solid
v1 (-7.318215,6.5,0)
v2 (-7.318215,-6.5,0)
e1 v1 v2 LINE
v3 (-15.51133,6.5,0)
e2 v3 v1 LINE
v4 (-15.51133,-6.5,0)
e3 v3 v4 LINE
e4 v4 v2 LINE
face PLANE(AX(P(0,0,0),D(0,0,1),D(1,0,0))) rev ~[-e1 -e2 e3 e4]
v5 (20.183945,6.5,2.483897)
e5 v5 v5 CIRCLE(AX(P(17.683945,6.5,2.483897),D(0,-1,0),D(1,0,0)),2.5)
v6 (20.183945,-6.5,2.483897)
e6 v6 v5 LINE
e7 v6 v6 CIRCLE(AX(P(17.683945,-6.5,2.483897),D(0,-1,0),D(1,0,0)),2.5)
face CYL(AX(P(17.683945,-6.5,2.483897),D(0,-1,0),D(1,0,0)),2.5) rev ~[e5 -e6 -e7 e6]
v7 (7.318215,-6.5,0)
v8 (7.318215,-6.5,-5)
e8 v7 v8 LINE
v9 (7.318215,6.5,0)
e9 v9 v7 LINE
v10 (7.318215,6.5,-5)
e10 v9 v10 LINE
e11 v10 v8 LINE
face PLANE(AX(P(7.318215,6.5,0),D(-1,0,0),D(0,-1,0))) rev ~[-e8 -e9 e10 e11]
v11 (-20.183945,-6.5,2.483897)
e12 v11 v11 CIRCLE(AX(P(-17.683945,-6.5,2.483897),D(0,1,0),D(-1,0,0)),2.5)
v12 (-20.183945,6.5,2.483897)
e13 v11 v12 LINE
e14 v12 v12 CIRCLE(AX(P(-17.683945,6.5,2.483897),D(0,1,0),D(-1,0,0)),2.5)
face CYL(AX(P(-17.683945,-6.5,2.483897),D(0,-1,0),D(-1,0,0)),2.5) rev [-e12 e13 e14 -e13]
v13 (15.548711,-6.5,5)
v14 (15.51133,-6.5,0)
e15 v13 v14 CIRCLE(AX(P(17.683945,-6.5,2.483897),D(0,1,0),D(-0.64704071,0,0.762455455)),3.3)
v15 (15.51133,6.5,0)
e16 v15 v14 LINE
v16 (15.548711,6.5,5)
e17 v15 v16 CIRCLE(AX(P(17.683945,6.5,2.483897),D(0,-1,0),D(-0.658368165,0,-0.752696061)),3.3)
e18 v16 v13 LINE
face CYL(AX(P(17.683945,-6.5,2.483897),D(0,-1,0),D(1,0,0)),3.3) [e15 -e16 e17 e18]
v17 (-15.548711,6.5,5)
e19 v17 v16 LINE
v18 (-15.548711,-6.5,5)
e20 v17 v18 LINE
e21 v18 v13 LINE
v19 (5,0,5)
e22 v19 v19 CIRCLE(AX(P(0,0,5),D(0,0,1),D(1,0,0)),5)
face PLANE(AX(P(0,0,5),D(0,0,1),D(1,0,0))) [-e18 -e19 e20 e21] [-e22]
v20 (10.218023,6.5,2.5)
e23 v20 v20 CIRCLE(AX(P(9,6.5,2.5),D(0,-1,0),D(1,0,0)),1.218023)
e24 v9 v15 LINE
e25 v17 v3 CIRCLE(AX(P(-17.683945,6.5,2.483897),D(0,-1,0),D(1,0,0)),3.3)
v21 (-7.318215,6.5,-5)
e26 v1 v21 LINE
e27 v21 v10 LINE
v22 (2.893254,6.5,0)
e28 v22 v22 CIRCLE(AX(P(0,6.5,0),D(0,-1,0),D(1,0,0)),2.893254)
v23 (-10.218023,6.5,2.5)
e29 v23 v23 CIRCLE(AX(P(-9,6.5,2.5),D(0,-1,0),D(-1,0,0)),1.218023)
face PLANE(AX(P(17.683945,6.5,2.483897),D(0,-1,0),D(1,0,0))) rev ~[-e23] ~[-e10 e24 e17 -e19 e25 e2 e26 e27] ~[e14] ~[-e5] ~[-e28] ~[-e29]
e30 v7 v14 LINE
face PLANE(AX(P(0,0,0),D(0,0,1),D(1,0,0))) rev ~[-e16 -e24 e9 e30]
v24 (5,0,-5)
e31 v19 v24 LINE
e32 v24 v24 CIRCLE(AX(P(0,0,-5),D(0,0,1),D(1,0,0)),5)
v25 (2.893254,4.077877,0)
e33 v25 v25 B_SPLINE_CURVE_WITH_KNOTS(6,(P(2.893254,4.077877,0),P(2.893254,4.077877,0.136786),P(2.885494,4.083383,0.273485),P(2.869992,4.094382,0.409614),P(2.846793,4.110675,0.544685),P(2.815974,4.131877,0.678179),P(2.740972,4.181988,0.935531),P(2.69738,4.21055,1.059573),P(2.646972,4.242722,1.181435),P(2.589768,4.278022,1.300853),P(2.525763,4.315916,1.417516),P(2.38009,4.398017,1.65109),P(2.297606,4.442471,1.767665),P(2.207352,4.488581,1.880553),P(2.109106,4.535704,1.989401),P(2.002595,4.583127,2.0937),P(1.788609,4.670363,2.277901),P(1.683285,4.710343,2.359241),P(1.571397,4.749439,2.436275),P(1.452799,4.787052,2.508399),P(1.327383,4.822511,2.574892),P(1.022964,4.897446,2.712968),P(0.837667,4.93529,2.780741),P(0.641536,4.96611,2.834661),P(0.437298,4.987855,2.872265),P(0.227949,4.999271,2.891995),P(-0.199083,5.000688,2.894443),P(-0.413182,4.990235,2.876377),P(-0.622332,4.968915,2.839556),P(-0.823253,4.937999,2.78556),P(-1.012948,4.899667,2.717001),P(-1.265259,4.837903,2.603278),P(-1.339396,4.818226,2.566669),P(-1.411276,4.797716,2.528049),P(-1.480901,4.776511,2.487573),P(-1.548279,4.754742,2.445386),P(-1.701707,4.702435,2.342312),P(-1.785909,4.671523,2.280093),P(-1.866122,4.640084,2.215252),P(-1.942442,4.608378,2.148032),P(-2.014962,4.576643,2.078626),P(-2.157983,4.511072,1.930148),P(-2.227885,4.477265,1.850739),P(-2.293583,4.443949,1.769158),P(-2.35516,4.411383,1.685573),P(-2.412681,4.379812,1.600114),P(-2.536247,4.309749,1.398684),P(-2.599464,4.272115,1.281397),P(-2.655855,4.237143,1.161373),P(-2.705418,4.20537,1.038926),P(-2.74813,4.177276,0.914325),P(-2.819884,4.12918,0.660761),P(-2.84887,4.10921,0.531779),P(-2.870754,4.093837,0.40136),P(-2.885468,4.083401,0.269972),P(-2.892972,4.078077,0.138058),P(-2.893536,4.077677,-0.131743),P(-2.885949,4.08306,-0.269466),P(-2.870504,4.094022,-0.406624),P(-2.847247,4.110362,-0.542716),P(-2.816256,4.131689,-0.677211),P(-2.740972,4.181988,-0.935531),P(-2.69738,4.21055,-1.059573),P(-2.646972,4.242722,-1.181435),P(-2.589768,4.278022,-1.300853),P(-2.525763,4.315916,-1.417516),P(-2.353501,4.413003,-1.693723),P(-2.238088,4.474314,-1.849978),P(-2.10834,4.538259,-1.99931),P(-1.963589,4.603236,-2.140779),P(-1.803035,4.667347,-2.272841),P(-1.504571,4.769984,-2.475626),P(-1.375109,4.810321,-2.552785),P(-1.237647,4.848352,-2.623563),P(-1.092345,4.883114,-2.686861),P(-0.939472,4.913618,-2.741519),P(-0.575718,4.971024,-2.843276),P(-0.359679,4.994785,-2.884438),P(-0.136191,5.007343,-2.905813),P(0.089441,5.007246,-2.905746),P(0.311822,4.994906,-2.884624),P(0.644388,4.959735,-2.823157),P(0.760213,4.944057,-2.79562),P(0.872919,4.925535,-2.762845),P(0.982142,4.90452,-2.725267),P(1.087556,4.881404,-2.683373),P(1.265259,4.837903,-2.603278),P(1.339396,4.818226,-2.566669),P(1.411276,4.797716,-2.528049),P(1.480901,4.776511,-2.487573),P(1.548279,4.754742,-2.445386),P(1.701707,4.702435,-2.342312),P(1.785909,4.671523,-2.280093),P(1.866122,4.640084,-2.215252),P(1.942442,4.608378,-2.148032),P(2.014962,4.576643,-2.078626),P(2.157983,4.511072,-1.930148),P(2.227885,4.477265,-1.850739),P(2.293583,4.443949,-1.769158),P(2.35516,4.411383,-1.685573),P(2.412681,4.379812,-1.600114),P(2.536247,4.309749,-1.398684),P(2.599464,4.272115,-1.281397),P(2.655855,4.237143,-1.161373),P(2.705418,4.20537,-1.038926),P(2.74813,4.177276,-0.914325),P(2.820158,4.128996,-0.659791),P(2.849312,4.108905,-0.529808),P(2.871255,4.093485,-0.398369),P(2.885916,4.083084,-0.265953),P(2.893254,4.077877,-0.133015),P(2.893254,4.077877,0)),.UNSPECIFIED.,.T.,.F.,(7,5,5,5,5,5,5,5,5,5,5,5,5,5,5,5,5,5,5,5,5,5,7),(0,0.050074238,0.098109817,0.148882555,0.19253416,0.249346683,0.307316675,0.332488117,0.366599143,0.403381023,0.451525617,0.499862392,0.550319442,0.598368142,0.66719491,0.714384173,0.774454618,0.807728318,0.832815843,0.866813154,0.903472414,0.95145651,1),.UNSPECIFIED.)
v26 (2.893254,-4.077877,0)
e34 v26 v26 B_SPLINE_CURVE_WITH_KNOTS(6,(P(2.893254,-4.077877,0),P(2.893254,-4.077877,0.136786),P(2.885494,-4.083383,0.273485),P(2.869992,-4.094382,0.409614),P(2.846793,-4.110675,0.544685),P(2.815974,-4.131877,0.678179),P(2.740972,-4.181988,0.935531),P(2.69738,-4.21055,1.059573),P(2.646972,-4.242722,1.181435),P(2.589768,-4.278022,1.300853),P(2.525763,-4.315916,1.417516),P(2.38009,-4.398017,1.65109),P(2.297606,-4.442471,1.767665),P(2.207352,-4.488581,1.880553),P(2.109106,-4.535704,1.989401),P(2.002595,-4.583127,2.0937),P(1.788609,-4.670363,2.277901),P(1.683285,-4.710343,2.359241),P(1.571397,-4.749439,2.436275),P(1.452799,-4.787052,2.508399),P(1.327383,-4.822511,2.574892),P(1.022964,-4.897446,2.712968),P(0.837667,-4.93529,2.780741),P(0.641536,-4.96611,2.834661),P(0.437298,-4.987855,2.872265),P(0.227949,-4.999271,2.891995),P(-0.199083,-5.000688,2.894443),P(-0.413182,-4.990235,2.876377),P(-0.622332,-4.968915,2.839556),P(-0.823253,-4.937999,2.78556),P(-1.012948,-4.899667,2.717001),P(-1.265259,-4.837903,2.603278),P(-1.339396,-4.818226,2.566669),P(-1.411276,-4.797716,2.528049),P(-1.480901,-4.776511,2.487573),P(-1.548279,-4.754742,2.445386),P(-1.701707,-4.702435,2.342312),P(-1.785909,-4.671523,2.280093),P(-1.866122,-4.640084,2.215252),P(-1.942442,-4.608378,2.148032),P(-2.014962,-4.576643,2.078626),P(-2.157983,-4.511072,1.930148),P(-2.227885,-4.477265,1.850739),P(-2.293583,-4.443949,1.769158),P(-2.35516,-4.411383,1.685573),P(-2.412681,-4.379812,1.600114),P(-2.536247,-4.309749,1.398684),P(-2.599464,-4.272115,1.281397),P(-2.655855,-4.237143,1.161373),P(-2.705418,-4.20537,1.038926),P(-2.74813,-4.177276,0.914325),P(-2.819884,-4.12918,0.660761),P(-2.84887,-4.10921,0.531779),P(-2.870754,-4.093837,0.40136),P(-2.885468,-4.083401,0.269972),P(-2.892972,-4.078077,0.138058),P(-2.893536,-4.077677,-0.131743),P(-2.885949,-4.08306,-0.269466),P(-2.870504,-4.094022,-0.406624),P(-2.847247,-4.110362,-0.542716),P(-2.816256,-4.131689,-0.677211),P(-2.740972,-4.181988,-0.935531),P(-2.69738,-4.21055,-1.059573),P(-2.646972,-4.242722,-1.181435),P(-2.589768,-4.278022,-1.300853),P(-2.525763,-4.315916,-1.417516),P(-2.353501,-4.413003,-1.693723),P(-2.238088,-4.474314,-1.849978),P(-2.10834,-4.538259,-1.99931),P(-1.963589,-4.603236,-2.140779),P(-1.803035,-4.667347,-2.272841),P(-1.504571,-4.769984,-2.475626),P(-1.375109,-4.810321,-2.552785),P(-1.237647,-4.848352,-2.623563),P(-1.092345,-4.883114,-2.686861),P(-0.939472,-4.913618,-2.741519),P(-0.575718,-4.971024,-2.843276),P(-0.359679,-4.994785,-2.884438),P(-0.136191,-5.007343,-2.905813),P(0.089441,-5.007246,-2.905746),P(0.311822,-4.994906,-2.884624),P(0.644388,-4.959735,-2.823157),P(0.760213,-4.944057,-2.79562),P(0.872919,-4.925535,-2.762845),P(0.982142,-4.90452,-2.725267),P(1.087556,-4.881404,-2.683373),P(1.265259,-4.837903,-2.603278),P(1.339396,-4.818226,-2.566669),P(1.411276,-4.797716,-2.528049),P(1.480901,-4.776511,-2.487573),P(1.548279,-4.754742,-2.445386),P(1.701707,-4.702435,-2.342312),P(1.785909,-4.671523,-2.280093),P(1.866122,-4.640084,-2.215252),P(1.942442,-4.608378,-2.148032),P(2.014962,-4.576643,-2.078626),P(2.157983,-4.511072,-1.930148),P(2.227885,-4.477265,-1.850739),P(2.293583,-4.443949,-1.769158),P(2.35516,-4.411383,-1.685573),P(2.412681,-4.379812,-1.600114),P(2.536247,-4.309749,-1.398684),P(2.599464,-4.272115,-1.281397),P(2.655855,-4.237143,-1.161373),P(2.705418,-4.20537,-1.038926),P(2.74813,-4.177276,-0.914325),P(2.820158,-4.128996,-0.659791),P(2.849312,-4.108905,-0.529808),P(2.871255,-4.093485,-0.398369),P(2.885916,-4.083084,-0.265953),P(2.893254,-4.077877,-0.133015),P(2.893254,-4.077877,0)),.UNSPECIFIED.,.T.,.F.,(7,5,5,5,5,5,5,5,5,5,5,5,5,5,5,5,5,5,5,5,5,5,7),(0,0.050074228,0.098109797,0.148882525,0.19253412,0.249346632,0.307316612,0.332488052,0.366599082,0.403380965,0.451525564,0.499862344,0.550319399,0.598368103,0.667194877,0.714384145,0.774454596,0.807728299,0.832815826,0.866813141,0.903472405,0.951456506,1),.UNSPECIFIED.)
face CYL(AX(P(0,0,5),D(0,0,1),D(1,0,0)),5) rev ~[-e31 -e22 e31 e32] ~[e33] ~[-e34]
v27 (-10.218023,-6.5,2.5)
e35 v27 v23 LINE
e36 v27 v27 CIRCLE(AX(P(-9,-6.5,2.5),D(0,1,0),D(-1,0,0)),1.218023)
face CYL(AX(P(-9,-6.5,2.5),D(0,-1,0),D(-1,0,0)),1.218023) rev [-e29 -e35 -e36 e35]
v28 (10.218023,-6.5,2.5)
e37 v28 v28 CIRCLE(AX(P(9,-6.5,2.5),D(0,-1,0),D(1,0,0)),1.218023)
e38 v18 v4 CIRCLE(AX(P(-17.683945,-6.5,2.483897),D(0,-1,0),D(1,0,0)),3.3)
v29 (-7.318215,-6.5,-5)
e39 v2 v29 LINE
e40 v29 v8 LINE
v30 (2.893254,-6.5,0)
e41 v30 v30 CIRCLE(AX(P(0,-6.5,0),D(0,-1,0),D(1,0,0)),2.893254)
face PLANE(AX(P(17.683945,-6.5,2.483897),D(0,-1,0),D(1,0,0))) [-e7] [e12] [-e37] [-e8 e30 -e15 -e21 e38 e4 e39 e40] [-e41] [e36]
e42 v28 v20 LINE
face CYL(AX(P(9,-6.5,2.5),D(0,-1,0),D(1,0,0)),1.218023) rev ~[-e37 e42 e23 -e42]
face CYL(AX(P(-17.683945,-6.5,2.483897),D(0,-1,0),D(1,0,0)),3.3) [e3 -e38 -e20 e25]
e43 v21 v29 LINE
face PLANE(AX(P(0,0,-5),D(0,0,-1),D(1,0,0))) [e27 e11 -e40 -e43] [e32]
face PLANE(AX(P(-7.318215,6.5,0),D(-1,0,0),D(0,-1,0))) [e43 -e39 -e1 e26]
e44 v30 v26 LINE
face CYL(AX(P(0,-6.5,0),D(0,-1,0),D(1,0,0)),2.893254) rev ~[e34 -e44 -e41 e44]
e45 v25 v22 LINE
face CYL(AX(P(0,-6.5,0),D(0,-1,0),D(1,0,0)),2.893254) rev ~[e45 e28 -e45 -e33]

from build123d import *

# Parameters (mm, degrees)
SKETCH002_R     = 2.5
PAD002_DEPTH    = 13
SKETCH_W        = 35
SKETCH_H        = 13
PAD_DEPTH       = 5
SKETCH003_R     = 3.3
PAD003_DEPTH    = 13
SKETCH005_W     = 14.63643
SKETCH005_H     = 13
PAD004_DEPTH    = 5
SKETCH004_R     = 5
POCKET_DEPTH    = 10.001
SKETCH006_R     = 2.893254
POCKET001_DEPTH = 13.001
SKETCH007_R     = 1.218023
POCKET002_DEPTH = 103.479644


with BuildPart() as pad002:
    # Sketch002 → Pad002 (new body)
    with BuildSketch(Plane.XZ.offset(6.5)):
        with Locations((17.683945, 2.483897)):
            Circle(SKETCH002_R)
    extrude(amount=-PAD002_DEPTH)


with BuildPart() as part_mirroring001:
    # Part__Mirroring001: instance of Pad002
    add(pad002.part.mirror(Plane(origin=(0, 0, 2.483897), x_dir=(0, -1, 0), z_dir=(1, 0, 0))))


with BuildPart() as scassi:
    # Fusion001 base: copy of Pad002
    add(pad002.part)

    # Fusion001: union Part__Mirroring001
    add(part_mirroring001.part)


with BuildPart() as cut:
    # Sketch → Pad (new body)
    with BuildSketch(Plane.XY):
        Rectangle(SKETCH_W, SKETCH_H)
    extrude(amount=PAD_DEPTH)

    # Sketch003 → Pad003 (new body)
    with BuildSketch(Plane.XZ.offset(6.5)):
        with Locations((17.683945, 2.483897)):
            Circle(SKETCH003_R)
        with Locations((-17.683945, 2.483897)):
            Circle(SKETCH003_R)
    extrude(amount=-PAD003_DEPTH)

    # Cut: cut scassi
    add(scassi.part, mode=Mode.SUBTRACT)


with BuildPart() as multitransform:
    # Sketch005 → Pad004 (new body)
    with BuildSketch(Plane(origin=(0, 0, 0), x_dir=(1, 0, 0), z_dir=(0, 0, -1))):
        Rectangle(SKETCH005_W, SKETCH005_H)
    extrude(amount=PAD004_DEPTH)

    # Fusion002: union Cut
    add(cut.part)

    # Sketch004 → Pocket (cut, through all)
    with BuildSketch(Plane.XY.offset(5)):
        Circle(SKETCH004_R)
    extrude(amount=-POCKET_DEPTH, mode=Mode.SUBTRACT)

    # Sketch006 → Pocket001 (cut, through all)
    with BuildSketch(Plane.XZ.offset(6.5)):
        Circle(SKETCH006_R)
    extrude(amount=-POCKET001_DEPTH, mode=Mode.SUBTRACT)

    # Sketch007 → Pocket002 (cut, through all)
    with BuildSketch(Plane.XZ.offset(6.5)):
        with Locations((9, 2.5)):
            Circle(SKETCH007_R)
    pocket002 = extrude(amount=-POCKET002_DEPTH, mode=Mode.SUBTRACT)

    # Mirrored: Pocket002 across Sketch007 V_Axis
    add(pocket002.mirror(Plane(origin=(0, -6.5, 0), x_dir=(0, -1, 0), z_dir=(1, 0, 0))), mode=Mode.SUBTRACT)


solid = multitransform.part
